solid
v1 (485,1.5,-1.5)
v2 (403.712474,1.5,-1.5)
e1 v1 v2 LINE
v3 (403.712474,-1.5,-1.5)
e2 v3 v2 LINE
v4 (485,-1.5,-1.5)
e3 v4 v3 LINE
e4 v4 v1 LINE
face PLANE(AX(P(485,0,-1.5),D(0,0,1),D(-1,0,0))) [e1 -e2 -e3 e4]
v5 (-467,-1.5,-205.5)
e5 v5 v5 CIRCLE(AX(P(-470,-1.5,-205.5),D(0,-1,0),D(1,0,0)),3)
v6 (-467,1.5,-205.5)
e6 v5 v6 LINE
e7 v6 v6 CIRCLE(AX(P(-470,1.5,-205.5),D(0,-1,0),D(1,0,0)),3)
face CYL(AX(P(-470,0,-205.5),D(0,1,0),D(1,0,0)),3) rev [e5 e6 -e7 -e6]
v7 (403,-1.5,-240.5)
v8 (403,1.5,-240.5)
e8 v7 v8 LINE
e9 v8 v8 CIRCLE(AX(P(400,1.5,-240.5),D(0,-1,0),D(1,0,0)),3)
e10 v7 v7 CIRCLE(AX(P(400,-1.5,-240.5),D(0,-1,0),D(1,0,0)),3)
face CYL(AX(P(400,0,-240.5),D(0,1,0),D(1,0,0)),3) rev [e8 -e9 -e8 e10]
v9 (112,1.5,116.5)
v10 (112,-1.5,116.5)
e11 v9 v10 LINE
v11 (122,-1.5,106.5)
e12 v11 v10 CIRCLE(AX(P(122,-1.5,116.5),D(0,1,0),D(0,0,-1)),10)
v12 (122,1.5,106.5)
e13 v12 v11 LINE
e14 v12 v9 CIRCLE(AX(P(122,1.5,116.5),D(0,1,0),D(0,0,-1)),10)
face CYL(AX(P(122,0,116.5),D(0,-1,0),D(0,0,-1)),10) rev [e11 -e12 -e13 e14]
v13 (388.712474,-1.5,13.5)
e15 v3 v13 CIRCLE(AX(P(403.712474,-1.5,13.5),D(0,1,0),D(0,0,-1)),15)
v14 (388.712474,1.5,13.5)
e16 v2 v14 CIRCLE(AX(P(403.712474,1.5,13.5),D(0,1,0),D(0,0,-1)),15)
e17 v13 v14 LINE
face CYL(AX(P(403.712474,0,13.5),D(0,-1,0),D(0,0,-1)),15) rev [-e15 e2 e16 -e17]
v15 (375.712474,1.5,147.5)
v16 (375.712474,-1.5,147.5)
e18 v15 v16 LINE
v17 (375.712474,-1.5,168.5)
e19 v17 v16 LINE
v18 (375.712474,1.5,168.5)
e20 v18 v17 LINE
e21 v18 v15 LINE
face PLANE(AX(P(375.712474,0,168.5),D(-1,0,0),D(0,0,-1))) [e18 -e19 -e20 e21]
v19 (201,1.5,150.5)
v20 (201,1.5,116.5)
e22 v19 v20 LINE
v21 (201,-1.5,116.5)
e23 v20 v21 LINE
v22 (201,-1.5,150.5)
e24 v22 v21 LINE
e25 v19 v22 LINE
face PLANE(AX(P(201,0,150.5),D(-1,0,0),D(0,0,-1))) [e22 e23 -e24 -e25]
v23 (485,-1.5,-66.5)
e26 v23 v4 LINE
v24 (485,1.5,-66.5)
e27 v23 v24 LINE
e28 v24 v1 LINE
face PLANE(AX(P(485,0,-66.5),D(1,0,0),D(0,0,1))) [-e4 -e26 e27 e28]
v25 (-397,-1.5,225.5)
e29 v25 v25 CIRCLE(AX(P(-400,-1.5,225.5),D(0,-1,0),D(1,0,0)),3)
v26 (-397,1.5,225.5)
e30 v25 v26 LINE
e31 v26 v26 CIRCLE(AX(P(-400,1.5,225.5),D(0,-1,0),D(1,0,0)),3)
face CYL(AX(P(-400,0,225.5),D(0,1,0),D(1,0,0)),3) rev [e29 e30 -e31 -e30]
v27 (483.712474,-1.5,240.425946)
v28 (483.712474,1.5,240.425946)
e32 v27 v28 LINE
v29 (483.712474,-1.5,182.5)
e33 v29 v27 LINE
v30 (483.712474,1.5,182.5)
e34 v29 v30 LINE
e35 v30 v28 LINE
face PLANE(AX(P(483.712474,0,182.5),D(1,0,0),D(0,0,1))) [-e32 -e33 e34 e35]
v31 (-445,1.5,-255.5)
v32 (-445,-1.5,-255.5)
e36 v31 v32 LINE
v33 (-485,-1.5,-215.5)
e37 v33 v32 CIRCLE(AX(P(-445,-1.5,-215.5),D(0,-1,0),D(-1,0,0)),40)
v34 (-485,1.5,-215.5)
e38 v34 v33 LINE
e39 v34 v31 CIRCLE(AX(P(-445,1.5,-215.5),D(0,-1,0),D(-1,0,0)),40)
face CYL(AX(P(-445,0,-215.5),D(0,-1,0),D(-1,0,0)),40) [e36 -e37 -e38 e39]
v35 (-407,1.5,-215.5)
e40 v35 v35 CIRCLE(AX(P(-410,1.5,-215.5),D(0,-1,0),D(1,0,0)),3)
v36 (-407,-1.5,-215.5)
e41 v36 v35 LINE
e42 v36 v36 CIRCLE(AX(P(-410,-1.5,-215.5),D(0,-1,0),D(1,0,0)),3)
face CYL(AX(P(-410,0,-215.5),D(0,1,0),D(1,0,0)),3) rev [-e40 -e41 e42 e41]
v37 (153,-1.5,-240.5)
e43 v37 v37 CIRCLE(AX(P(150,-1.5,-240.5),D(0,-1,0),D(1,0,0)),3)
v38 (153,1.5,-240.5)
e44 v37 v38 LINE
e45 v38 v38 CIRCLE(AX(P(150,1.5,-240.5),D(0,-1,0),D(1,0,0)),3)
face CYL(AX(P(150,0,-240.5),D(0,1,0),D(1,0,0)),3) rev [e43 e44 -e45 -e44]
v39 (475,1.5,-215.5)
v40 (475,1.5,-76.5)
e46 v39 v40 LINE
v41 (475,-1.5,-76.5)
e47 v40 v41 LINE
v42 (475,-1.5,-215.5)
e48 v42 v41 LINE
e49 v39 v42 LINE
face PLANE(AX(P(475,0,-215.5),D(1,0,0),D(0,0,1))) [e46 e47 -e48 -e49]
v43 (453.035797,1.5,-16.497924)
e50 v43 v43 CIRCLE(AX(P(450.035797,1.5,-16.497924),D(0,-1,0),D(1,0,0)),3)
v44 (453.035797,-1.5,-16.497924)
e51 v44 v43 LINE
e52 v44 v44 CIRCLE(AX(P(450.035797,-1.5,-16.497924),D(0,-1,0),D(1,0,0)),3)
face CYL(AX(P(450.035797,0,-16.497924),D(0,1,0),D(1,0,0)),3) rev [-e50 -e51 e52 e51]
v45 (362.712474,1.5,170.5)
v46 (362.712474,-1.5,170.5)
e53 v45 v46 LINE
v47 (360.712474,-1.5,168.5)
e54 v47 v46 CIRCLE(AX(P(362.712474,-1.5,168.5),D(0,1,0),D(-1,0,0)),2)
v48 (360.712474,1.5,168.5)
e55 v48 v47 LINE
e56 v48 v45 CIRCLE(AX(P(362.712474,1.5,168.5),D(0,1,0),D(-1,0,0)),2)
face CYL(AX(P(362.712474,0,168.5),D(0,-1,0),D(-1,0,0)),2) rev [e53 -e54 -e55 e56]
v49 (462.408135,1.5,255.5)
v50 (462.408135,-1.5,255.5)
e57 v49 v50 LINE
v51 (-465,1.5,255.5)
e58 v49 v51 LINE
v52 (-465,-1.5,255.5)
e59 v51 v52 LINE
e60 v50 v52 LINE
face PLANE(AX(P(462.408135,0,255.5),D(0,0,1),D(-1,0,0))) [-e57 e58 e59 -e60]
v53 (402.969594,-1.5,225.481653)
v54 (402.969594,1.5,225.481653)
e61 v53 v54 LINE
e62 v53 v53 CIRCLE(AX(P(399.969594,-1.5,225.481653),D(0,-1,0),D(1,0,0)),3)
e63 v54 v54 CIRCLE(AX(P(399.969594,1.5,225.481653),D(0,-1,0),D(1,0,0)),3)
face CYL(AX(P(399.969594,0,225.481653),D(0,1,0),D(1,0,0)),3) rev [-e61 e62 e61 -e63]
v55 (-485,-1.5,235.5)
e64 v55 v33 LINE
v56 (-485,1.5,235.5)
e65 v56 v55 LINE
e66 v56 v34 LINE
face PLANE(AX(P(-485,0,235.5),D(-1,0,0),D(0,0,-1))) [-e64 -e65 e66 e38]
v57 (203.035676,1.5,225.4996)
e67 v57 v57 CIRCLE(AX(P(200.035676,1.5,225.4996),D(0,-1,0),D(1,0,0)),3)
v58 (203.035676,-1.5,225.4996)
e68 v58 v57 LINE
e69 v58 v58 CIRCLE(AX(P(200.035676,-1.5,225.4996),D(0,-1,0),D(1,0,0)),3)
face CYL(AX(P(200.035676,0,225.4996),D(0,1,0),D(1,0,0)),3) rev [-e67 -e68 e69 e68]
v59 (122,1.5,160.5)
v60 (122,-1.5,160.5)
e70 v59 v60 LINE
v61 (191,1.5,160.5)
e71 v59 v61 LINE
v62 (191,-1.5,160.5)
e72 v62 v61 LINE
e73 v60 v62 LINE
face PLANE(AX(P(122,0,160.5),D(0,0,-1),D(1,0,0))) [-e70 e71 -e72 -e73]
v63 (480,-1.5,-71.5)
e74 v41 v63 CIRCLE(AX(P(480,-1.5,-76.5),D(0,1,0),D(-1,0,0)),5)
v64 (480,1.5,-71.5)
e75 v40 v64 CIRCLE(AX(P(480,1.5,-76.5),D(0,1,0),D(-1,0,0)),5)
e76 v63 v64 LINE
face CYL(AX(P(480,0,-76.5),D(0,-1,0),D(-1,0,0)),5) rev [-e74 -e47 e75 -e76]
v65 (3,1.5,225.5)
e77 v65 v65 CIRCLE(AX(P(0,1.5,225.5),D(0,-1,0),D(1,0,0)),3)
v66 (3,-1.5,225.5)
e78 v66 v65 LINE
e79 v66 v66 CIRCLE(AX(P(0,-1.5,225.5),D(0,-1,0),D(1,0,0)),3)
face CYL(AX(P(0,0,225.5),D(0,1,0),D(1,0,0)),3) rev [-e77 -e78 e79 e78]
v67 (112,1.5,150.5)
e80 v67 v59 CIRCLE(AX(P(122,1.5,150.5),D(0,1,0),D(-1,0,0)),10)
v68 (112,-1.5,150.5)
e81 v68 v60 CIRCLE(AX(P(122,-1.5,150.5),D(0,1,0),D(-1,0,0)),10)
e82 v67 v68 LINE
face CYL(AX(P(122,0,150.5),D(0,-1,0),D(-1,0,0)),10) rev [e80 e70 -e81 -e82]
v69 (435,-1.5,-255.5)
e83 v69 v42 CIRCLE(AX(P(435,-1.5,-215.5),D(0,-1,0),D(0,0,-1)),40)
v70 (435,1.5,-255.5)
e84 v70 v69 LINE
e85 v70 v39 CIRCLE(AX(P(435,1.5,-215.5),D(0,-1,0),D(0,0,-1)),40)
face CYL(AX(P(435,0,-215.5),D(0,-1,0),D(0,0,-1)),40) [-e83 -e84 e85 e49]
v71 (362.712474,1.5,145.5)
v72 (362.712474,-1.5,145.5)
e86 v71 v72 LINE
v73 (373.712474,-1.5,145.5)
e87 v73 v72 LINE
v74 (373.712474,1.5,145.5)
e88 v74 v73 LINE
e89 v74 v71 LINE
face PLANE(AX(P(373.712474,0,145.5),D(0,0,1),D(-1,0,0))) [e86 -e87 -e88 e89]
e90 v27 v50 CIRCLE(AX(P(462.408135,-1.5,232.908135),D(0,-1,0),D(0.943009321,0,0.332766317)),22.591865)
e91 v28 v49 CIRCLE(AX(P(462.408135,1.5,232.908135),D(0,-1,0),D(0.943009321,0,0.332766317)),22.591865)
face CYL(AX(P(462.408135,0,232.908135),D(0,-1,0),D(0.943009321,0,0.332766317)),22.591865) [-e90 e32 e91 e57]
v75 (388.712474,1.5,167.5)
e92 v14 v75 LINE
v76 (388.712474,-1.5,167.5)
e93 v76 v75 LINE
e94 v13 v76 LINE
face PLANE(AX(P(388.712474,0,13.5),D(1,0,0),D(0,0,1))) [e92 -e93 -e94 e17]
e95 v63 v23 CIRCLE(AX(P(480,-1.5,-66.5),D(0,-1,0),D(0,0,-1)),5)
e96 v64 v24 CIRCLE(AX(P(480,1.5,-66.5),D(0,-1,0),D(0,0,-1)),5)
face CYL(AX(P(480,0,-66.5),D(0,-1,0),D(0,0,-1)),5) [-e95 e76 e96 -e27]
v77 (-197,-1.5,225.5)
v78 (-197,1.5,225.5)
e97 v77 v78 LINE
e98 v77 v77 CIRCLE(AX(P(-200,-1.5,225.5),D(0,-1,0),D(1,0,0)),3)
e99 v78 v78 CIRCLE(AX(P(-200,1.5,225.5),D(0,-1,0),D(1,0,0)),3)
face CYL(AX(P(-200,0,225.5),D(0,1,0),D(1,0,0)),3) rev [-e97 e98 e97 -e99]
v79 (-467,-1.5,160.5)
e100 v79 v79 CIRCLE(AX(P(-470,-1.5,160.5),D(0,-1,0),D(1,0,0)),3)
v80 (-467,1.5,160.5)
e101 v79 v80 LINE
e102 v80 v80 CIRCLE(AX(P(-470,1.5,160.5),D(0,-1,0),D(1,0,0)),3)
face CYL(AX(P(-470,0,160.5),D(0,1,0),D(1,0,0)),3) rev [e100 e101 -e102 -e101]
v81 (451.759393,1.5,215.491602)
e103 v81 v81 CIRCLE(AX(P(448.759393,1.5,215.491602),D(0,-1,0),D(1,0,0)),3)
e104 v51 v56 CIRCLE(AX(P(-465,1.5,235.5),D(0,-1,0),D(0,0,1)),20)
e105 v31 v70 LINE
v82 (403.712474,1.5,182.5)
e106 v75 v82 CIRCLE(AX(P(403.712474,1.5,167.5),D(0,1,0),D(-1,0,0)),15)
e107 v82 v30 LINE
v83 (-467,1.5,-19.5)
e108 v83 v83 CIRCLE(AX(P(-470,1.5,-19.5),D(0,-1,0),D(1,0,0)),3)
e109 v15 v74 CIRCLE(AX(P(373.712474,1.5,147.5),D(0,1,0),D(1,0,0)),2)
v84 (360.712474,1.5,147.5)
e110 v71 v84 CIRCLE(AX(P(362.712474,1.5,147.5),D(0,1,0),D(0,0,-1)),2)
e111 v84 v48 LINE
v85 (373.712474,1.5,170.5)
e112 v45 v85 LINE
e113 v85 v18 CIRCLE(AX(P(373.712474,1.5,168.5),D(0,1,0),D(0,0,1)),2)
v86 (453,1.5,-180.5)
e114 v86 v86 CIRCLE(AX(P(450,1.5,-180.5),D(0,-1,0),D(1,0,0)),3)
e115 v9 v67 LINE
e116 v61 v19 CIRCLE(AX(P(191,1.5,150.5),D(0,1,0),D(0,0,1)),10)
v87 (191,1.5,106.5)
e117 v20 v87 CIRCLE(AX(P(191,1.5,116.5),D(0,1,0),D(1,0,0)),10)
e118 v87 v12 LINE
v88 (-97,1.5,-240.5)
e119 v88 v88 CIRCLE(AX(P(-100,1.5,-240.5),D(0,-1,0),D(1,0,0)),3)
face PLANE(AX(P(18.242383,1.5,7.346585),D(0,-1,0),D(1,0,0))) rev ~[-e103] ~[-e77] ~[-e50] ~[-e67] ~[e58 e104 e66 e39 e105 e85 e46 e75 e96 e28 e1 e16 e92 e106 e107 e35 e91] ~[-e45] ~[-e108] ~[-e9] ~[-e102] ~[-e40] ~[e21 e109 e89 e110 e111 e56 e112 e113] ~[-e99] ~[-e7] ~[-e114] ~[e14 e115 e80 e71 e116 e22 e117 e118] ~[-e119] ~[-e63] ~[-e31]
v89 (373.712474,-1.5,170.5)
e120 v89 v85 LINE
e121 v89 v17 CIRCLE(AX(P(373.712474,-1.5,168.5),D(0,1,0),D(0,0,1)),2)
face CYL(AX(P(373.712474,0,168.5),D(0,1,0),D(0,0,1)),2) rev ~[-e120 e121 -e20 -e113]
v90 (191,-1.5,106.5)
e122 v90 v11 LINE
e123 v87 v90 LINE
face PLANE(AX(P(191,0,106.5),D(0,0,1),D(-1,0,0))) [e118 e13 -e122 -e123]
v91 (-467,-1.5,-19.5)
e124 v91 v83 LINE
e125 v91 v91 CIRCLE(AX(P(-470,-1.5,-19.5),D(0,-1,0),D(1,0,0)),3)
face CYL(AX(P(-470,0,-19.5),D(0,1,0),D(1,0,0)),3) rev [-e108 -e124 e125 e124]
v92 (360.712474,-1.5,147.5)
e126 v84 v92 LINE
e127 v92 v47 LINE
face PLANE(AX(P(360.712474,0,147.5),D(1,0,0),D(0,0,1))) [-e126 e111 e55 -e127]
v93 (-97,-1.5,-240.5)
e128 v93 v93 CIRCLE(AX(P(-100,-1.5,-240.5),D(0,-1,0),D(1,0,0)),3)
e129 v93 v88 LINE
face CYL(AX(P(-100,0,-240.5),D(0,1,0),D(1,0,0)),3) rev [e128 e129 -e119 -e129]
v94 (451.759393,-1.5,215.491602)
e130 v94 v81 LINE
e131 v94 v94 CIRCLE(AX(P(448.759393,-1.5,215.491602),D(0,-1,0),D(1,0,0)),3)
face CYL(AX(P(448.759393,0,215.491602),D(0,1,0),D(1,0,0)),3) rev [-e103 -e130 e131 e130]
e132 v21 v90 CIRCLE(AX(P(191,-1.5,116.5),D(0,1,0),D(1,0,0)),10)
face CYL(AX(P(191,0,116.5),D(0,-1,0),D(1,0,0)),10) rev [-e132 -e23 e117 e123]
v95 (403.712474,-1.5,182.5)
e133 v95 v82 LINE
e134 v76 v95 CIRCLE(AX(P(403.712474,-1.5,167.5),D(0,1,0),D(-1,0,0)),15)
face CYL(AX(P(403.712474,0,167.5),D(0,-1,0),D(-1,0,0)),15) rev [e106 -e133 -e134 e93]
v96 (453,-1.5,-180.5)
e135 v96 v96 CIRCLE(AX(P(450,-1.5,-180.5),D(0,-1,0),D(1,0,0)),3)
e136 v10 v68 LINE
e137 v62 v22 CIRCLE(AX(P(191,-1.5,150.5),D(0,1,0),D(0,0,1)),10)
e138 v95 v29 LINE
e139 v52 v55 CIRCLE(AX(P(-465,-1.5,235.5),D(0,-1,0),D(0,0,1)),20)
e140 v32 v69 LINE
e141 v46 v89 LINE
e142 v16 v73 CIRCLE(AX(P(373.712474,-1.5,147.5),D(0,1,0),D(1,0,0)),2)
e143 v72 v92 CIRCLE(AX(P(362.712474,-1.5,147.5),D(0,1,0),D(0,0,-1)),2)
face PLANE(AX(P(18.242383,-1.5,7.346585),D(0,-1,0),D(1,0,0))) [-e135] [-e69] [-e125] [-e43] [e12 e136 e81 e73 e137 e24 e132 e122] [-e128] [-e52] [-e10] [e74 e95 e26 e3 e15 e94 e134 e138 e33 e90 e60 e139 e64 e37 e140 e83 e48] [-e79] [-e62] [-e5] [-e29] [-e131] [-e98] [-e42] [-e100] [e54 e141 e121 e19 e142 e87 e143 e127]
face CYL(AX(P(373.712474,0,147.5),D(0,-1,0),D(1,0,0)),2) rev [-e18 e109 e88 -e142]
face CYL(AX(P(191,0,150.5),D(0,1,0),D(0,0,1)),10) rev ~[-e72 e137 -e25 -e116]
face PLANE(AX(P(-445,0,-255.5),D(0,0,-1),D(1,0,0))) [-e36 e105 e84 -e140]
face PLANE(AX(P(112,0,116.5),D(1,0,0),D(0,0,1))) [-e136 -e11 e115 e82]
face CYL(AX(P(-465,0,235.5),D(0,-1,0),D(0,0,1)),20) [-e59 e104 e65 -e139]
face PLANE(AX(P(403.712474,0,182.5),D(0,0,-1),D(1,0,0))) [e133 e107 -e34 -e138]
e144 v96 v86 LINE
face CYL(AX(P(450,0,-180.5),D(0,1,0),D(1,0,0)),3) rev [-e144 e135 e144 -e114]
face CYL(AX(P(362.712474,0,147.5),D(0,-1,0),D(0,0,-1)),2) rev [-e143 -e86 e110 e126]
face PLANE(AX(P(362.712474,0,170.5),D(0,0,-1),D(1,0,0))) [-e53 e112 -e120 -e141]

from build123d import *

# Parameters (mm, degrees)
F0_R     = 3
F1_DEPTH = 1.5


with BuildPart() as f1:
    # F0 (on Front) → F1 (new body, symmetric)
    with BuildSketch(Plane.XZ):
        with BuildLine():
            ThreePointArc((483.7124742394, 240.4259464291), (475.4570998666, 251.3503928024), (462.4081345934, 255.5))
            Line((462.4081345934, 255.5), (-465, 255.5))
            ThreePointArc((-465, 255.5), (-479.1421356237, 249.6421356237), (-485, 235.5))
            Line((-485, 235.5), (-485, -215.5))
            ThreePointArc((-485, -215.5), (-473.2842712475, -243.7842712475), (-445, -255.5))
            Line((-445, -255.5), (0, -255.5))
            Line((0, -255.5), (435, -255.5))
            ThreePointArc((435, -255.5), (463.2842712475, -243.7842712475), (475, -215.5))
            Line((475, -215.5), (475, -81.5))
            Line((475, -81.5), (475, -76.5))
            ThreePointArc((475, -76.5), (476.4644660941, -72.9644660941), (480, -71.5))
            ThreePointArc((480, -71.5), (483.5355339059, -70.0355339059), (485, -66.5))
            Line((485, -66.5), (485, -61.5))
            Line((485, -61.5), (485, -1.5))
            Line((485, -1.5), (462.8157010189, -1.5))
            Line((462.8157010189, -1.5), (403.7124742394, -1.5))
            ThreePointArc((403.7124742394, -1.5), (393.1058725216, 2.8933982822), (388.7124742394, 13.5))
            Line((388.7124742394, 13.5), (388.7124742394, 167.5))
            ThreePointArc((388.7124742394, 167.5), (393.1058725216, 178.1066017178), (403.7124742394, 182.5))
            Line((403.7124742394, 182.5), (483.7124742394, 182.5))
            Line((483.7124742394, 182.5), (483.7124742394, 240.4259464291))
        make_face()
        with Locations((-470, -205.5)):
            Circle(F0_R, mode=Mode.SUBTRACT)
        with Locations((-410, -215.5)):
            Circle(F0_R, mode=Mode.SUBTRACT)
        with Locations((-100, -240.5)):
            Circle(F0_R, mode=Mode.SUBTRACT)
        with Locations((-470, -19.5)):
            Circle(F0_R, mode=Mode.SUBTRACT)
        with Locations((150, -240.5)):
            Circle(F0_R, mode=Mode.SUBTRACT)
        with Locations((400, -240.5)):
            Circle(F0_R, mode=Mode.SUBTRACT)
        with Locations((450, -180.5)):
            Circle(F0_R, mode=Mode.SUBTRACT)
        with Locations((450.0357970595, -16.4979236722)):
            Circle(F0_R, mode=Mode.SUBTRACT)
        with Locations((-470, 160.5)):
            Circle(F0_R, mode=Mode.SUBTRACT)
        with Locations((-400, 225.5)):
            Circle(F0_R, mode=Mode.SUBTRACT)
        with Locations((-200, 225.5)):
            Circle(F0_R, mode=Mode.SUBTRACT)
        with BuildLine():
            Line((112, 116.5), (112, 150.5))
            ThreePointArc((112, 150.5), (114.9289321881, 157.5710678119), (122, 160.5))
            Line((122, 160.5), (191, 160.5))
            ThreePointArc((191, 160.5), (198.0710678119, 157.5710678119), (201, 150.5))
            Line((201, 150.5), (201, 116.5))
            ThreePointArc((201, 116.5), (198.0710678119, 109.4289321881), (191, 106.5))
            Line((191, 106.5), (122, 106.5))
            ThreePointArc((122, 106.5), (114.9289321881, 109.4289321881), (112, 116.5))
        make_face(mode=Mode.SUBTRACT)
        with Locations((0, 225.5)):
            Circle(F0_R, mode=Mode.SUBTRACT)
        with Locations((200.0356763601, 225.499600172)):
            Circle(F0_R, mode=Mode.SUBTRACT)
        with BuildLine():
            Line((360.7124742394, 147.5), (360.7124742394, 168.5))
            ThreePointArc((360.7124742394, 168.5), (361.298260677, 169.9142135624), (362.7124742394, 170.5))
            Line((362.7124742394, 170.5), (373.7124742394, 170.5))
            ThreePointArc((373.7124742394, 170.5), (375.1266878018, 169.9142135624), (375.7124742394, 168.5))
            Line((375.7124742394, 168.5), (375.7124742394, 147.5))
            ThreePointArc((375.7124742394, 147.5), (375.1266878018, 146.0857864376), (373.7124742394, 145.5))
            Line((373.7124742394, 145.5), (362.7124742394, 145.5))
            ThreePointArc((362.7124742394, 145.5), (361.298260677, 146.0857864376), (360.7124742394, 147.5))
        make_face(mode=Mode.SUBTRACT)
        with Locations((448.759393394, 215.4916015863)):
            Circle(F0_R, mode=Mode.SUBTRACT)
        with Locations((399.9695941806, 225.4816529751)):
            Circle(F0_R, mode=Mode.SUBTRACT)
    extrude(amount=F1_DEPTH, both=True)


solid = f1.part
